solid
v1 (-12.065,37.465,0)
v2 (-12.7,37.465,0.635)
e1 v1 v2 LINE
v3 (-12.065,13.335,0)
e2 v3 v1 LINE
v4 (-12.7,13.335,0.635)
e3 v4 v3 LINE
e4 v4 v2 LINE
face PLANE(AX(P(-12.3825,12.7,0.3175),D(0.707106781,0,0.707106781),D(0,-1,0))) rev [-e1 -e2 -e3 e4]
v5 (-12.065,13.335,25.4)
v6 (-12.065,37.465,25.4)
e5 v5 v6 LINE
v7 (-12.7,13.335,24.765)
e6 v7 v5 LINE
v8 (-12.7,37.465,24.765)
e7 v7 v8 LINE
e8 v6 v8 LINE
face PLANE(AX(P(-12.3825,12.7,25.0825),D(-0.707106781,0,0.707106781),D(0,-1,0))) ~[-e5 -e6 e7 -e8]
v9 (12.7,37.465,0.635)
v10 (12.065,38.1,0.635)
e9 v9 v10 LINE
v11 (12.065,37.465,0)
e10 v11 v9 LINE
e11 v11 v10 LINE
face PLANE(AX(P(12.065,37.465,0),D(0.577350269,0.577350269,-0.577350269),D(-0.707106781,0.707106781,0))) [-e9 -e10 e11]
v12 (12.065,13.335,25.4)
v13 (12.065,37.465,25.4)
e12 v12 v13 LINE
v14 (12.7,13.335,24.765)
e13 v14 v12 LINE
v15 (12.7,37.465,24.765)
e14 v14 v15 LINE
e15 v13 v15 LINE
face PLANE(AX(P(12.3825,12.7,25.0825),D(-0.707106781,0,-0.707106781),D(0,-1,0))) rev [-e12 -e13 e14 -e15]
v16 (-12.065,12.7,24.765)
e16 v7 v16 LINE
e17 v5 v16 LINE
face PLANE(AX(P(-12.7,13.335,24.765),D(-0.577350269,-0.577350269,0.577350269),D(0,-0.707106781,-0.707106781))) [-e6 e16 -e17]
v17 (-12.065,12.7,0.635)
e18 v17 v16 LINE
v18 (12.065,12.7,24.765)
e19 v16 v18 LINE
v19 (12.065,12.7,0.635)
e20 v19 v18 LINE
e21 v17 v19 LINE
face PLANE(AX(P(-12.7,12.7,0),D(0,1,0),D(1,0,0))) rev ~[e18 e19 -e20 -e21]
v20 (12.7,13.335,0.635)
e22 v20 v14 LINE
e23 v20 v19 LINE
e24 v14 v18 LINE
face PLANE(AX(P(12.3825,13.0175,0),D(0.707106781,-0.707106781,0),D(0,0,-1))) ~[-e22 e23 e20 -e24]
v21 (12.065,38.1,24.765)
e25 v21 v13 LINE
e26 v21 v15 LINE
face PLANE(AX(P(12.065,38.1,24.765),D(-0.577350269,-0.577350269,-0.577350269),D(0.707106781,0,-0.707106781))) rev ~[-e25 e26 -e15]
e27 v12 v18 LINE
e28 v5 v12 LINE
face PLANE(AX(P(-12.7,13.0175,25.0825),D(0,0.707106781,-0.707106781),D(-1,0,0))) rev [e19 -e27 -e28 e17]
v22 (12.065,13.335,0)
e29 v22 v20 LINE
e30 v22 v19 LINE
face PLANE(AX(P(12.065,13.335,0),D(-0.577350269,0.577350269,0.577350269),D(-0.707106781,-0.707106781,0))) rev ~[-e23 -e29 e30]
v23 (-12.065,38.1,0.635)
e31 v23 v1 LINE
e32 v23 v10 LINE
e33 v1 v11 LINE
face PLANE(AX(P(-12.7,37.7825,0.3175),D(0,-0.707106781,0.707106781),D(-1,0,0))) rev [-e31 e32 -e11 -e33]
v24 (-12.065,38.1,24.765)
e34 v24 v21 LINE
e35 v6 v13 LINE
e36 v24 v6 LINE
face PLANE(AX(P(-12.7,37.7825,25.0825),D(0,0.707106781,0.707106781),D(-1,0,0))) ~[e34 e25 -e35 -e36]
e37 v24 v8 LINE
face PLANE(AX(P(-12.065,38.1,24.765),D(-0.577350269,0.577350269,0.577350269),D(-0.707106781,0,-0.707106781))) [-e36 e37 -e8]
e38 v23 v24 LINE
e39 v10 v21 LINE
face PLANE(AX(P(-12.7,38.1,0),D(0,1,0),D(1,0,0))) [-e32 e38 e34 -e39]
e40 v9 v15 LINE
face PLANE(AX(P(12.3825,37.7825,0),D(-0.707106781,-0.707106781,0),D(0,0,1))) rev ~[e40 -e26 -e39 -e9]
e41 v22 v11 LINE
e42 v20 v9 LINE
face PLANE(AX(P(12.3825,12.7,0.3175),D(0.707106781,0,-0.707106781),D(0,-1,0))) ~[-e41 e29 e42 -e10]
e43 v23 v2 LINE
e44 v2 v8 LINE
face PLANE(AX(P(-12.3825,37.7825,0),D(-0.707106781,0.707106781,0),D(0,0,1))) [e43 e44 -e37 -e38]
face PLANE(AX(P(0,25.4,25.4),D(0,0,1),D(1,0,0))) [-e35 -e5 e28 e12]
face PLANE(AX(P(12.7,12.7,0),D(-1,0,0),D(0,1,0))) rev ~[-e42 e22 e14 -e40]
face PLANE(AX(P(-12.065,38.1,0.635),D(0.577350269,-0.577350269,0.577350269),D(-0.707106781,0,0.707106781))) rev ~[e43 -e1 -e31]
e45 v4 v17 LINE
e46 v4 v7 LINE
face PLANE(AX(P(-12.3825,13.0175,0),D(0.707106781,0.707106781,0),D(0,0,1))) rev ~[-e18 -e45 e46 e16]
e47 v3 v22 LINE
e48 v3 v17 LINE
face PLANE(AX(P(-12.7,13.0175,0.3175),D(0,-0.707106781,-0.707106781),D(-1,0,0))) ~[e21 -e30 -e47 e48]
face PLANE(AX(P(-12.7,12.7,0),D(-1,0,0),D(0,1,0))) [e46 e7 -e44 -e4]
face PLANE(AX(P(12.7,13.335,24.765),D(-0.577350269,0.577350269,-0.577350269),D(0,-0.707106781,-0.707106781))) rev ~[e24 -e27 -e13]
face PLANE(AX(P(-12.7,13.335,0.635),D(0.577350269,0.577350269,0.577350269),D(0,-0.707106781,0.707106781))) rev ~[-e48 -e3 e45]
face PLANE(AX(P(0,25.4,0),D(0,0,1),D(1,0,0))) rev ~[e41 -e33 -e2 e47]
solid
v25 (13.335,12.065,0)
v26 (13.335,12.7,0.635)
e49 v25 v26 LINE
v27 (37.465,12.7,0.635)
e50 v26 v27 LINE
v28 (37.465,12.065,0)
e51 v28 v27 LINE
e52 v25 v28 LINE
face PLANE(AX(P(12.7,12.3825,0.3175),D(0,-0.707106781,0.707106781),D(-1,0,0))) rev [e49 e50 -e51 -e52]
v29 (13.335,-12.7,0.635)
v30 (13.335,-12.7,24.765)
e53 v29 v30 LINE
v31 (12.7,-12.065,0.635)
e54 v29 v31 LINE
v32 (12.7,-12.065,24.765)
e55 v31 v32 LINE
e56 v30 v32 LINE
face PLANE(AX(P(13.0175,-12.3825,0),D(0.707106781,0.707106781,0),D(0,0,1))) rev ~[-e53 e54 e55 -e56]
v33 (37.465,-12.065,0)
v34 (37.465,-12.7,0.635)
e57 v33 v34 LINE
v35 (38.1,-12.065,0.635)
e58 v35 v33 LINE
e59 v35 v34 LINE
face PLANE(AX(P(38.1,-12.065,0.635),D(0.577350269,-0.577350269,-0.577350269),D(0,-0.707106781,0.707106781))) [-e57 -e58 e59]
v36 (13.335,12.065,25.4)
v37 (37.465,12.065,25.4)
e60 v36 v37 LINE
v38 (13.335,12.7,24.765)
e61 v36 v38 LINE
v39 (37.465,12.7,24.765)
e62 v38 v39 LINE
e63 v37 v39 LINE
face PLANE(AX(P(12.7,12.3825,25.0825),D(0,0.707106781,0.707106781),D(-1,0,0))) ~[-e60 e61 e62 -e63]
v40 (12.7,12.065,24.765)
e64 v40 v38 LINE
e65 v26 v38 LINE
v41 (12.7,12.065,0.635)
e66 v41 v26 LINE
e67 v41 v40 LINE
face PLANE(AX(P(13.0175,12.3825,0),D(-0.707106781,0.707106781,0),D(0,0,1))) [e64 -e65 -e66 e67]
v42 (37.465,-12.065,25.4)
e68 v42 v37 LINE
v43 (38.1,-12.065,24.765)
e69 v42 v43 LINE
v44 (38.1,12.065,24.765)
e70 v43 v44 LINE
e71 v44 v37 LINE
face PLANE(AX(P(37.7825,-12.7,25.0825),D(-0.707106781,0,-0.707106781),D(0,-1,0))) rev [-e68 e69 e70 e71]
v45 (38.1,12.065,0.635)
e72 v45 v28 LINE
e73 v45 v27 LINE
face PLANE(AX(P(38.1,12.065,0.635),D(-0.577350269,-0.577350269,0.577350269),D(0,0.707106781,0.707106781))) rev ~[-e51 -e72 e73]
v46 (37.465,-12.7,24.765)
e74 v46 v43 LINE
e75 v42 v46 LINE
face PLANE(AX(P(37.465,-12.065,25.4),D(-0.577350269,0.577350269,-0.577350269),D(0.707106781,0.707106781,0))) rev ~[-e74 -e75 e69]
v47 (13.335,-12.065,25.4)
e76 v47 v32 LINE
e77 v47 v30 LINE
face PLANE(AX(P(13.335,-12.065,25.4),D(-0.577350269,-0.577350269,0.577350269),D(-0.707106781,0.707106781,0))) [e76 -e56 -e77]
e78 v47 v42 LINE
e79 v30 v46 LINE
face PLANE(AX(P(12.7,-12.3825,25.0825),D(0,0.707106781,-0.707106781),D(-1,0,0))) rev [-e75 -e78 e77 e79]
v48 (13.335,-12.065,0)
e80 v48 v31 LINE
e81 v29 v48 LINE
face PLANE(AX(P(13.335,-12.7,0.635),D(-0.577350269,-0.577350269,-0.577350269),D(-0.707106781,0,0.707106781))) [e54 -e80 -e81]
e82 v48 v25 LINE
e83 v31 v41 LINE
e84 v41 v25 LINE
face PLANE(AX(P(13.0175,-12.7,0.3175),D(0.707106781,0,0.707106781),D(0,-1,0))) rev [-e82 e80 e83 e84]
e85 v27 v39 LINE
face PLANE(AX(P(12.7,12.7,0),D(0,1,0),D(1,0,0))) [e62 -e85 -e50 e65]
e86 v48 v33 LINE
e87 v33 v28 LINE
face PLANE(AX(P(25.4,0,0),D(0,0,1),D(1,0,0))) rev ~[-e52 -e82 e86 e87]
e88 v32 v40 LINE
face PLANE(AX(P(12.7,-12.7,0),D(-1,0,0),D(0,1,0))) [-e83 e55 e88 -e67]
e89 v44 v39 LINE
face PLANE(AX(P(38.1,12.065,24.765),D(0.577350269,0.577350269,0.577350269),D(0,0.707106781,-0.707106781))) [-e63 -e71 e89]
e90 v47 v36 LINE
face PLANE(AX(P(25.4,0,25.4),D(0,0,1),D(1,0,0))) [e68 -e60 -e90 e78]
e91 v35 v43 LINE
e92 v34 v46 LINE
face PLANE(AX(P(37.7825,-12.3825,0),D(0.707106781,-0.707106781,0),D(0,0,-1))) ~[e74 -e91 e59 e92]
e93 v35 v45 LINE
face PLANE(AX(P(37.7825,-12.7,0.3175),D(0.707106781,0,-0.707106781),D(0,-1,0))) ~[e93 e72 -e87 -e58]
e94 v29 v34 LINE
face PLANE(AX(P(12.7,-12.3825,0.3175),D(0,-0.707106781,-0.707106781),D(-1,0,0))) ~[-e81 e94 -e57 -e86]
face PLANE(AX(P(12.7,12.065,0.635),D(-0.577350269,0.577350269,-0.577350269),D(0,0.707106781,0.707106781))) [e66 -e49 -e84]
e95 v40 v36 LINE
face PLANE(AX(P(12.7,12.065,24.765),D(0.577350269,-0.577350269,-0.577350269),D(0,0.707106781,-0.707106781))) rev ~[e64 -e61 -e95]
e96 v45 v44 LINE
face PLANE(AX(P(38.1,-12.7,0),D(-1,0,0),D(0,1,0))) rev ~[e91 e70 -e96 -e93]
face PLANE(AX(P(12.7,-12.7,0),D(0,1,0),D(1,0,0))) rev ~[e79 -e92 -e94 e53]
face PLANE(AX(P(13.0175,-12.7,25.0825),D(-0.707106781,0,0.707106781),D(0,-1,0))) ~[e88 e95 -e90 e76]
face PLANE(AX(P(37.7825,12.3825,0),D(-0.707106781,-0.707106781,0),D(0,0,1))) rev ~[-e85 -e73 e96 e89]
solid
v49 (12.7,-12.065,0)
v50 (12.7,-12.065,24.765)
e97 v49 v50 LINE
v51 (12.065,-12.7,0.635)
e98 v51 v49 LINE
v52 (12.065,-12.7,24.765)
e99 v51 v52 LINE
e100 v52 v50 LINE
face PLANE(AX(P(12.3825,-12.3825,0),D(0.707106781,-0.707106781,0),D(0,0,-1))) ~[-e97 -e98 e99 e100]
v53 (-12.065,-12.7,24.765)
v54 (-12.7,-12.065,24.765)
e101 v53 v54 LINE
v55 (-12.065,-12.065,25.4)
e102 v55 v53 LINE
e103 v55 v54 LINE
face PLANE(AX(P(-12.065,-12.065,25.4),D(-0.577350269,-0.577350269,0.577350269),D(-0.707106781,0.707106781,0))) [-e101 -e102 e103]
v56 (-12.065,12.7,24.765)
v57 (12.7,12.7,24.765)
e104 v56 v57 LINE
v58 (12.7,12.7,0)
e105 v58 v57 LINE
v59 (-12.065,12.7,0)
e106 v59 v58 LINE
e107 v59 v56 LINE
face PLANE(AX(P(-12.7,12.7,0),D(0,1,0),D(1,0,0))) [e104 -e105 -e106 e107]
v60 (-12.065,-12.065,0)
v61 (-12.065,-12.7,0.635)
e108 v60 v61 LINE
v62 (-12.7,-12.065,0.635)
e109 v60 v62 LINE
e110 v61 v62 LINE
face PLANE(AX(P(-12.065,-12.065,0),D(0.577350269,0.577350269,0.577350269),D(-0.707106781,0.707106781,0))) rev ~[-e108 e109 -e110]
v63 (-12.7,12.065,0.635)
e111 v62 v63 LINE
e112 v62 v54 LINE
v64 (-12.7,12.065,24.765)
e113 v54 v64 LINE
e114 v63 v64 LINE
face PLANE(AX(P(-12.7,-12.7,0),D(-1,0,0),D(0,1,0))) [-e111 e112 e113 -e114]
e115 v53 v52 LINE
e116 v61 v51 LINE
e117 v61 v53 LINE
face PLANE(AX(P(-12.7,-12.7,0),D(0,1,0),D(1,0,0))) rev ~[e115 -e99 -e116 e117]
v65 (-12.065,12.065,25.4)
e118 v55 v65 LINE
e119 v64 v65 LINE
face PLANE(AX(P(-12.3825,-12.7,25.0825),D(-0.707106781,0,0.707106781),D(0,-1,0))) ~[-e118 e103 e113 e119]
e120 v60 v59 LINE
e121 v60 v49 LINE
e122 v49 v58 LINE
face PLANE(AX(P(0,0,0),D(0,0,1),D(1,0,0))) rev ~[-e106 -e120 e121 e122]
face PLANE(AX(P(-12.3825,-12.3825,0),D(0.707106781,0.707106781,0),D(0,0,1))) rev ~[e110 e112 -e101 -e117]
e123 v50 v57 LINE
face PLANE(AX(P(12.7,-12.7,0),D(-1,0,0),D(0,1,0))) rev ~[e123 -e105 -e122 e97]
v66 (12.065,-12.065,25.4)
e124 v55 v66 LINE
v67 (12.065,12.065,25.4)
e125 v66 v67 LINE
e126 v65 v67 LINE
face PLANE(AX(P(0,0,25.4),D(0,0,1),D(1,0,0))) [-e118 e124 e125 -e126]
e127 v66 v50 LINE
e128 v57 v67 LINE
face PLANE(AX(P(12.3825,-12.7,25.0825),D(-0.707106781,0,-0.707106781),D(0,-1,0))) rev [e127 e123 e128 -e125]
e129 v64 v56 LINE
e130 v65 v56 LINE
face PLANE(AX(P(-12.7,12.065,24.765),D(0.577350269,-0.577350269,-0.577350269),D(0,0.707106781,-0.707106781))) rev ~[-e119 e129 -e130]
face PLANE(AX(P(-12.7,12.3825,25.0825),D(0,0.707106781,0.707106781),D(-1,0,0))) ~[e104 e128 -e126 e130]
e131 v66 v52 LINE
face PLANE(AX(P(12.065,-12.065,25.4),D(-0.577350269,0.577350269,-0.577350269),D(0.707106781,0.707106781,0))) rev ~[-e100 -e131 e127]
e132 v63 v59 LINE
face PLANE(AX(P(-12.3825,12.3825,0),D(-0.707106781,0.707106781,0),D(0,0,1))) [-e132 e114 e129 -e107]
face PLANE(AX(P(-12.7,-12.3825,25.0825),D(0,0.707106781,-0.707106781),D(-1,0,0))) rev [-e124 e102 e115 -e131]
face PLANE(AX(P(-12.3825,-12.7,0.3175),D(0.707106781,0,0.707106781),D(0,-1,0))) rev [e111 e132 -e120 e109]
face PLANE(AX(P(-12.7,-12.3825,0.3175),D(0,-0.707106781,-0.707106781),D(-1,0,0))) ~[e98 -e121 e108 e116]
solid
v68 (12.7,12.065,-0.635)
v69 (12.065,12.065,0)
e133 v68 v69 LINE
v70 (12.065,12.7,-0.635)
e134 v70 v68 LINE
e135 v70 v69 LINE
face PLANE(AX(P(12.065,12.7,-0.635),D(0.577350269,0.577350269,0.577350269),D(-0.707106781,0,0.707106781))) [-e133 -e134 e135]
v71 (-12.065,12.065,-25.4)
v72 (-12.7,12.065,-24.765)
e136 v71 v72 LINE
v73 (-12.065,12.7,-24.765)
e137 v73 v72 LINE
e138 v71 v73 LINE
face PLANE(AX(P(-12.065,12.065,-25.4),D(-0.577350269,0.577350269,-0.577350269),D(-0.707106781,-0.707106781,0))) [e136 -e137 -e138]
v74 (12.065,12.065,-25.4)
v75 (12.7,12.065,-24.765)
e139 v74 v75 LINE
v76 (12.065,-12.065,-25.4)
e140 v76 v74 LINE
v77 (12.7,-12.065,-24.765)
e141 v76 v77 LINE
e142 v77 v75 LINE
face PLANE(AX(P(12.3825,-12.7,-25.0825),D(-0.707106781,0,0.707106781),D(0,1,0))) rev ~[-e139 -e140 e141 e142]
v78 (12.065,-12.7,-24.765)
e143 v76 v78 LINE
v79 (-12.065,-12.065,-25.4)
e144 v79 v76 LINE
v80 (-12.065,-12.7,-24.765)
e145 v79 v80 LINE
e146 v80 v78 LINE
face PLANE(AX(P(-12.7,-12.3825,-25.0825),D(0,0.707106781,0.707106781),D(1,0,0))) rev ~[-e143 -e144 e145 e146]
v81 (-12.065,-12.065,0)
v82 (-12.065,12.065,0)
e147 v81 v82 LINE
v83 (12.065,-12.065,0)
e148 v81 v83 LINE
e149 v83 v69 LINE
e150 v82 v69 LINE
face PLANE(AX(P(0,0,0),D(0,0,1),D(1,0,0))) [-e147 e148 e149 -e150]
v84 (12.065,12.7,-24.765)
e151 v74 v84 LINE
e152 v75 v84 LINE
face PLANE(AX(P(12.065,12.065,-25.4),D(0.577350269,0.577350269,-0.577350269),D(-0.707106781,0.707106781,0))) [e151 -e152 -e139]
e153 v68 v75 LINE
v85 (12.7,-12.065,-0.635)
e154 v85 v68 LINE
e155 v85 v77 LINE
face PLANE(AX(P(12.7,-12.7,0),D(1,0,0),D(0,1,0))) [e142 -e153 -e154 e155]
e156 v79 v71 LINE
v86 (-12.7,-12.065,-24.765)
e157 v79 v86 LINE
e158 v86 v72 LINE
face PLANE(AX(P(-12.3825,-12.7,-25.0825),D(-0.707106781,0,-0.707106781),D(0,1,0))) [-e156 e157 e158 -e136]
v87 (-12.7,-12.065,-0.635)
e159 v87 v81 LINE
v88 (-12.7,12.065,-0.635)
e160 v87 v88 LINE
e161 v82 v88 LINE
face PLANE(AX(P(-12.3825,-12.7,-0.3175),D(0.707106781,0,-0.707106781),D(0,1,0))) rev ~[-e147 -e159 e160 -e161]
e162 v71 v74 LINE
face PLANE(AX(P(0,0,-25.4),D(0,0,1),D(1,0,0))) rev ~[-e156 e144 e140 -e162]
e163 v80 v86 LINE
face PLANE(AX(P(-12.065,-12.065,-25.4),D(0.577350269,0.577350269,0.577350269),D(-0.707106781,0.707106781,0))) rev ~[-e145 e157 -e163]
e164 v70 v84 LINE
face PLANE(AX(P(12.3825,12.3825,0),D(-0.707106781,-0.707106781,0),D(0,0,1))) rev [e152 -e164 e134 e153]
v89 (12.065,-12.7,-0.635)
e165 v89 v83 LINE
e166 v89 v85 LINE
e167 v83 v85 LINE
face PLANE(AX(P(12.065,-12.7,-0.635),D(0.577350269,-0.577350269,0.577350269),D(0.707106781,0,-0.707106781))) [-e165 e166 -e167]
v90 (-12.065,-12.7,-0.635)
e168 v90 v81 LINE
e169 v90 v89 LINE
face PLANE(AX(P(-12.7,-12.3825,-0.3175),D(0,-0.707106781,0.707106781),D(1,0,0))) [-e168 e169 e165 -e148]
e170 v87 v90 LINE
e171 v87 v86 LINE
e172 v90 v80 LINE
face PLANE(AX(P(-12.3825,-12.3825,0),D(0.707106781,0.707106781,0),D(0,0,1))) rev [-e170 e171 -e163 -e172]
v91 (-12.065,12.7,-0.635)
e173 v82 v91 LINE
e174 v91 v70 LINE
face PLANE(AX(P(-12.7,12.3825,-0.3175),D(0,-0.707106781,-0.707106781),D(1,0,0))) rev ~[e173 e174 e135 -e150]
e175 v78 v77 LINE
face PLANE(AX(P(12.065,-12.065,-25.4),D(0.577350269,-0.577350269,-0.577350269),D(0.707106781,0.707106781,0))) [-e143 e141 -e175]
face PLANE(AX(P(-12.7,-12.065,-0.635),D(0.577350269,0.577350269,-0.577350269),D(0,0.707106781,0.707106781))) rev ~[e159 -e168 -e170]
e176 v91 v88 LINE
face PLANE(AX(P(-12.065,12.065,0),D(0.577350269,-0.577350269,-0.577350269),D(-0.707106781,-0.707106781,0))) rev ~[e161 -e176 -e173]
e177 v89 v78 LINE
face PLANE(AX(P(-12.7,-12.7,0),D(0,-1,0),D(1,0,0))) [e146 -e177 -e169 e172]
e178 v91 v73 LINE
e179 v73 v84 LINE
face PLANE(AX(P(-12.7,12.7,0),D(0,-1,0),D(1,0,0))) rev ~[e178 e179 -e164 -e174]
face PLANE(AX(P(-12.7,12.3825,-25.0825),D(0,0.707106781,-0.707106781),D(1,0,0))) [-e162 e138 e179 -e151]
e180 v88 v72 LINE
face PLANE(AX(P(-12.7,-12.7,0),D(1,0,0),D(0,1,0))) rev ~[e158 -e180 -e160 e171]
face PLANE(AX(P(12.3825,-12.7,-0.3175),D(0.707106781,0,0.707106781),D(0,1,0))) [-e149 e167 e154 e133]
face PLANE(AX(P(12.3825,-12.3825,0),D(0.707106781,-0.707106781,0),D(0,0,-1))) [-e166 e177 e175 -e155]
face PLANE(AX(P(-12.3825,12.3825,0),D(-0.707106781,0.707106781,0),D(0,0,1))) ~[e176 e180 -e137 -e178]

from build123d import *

# Parameters (mm, degrees)
F0_W      = 25.4
F0_H      = 25.4
F1_DEPTH  = 25.4
F2_DEPTH  = 25.4
F3_DEPTH  = 25.4
F4_DEPTH  = 25.4
F5_SIZE   = 0.635
F5_2_SIZE = 0.635
F5_3_SIZE = 0.635
F5_4_SIZE = 0.635


with BuildPart() as f1:
    # F0 (on Top) → F1 (new body)
    with BuildSketch(Plane.XY):
        with Locations((25.4, 0)):
            Rectangle(F0_W, F0_H)
    extrude(amount=F1_DEPTH)

    # F5
    f5_edges = [f1.edges().sort_by_distance(p)[0] for p in [
        (25.4, 12.7, 0),
        (12.7, 0, 0),
        (25.4, -12.7, 0),
        (38.1, 0, 0),
        (12.7, -12.7, 12.7),
        (38.1, -12.7, 12.7),
        (25.4, -12.7, 25.4),
        (25.4, 12.7, 25.4),
        (12.7, 0, 25.4),
        (38.1, 0, 25.4),
        (12.7, 12.7, 12.7),
        (38.1, 12.7, 12.7),
    ]]
    chamfer(f5_edges, length=F5_SIZE)


with BuildPart() as f2:
    # F0 (on Top) → F2 (new body)
    with BuildSketch(Plane.XY):
        Rectangle(F0_W, F0_H)
    extrude(amount=F2_DEPTH)

    # F5#3
    f5_3_edges = [f2.edges().sort_by_distance(p)[0] for p in [
        (12.7, -12.7, 12.7),
        (-12.7, -12.7, 12.7),
        (0, -12.7, 0),
        (0, -12.7, 25.4),
        (12.7, 0, 25.4),
        (0, 12.7, 25.4),
        (-12.7, 0, 25.4),
        (-12.7, 12.7, 12.7),
        (-12.7, 0, 0),
    ]]
    chamfer(f5_3_edges, length=F5_3_SIZE)


with BuildPart() as f3:
    # F0 (on Top) → F3 (new body)
    with BuildSketch(Plane.XY):
        with Locations((0, 25.4)):
            Rectangle(F0_W, F0_H)
    extrude(amount=F3_DEPTH)

    # F5#4
    f5_4_edges = [f3.edges().sort_by_distance(p)[0] for p in [
        (0, 12.7, 25.4),
        (-12.7, 25.4, 25.4),
        (12.7, 25.4, 25.4),
        (0, 38.1, 25.4),
        (12.7, 12.7, 12.7),
        (12.7, 38.1, 12.7),
        (12.7, 25.4, 0),
        (0, 12.7, 0),
        (-12.7, 25.4, 0),
        (0, 38.1, 0),
        (-12.7, 38.1, 12.7),
        (-12.7, 12.7, 12.7),
    ]]
    chamfer(f5_4_edges, length=F5_4_SIZE)


with BuildPart() as f4:
    # F0 (on Top) → F4 (new body)
    with BuildSketch(Plane.XY):
        Rectangle(F0_W, F0_H)
    extrude(amount=-F4_DEPTH)

    # F5#2
    f5_2_edges = [f4.edges().sort_by_distance(p)[0] for p in [
        (12.7, 0, 0),
        (0, -12.7, 0),
        (-12.7, -12.7, -12.7),
        (12.7, -12.7, -12.7),
        (0, -12.7, -25.4),
        (12.7, 12.7, -12.7),
        (12.7, 0, -25.4),
        (-12.7, 12.7, -12.7),
        (0, 12.7, 0),
        (0, 12.7, -25.4),
        (-12.7, 0, 0),
        (-12.7, 0, -25.4),
    ]]
    chamfer(f5_2_edges, length=F5_2_SIZE)


solid = Compound([f1.part, f2.part, f3.part, f4.part])
